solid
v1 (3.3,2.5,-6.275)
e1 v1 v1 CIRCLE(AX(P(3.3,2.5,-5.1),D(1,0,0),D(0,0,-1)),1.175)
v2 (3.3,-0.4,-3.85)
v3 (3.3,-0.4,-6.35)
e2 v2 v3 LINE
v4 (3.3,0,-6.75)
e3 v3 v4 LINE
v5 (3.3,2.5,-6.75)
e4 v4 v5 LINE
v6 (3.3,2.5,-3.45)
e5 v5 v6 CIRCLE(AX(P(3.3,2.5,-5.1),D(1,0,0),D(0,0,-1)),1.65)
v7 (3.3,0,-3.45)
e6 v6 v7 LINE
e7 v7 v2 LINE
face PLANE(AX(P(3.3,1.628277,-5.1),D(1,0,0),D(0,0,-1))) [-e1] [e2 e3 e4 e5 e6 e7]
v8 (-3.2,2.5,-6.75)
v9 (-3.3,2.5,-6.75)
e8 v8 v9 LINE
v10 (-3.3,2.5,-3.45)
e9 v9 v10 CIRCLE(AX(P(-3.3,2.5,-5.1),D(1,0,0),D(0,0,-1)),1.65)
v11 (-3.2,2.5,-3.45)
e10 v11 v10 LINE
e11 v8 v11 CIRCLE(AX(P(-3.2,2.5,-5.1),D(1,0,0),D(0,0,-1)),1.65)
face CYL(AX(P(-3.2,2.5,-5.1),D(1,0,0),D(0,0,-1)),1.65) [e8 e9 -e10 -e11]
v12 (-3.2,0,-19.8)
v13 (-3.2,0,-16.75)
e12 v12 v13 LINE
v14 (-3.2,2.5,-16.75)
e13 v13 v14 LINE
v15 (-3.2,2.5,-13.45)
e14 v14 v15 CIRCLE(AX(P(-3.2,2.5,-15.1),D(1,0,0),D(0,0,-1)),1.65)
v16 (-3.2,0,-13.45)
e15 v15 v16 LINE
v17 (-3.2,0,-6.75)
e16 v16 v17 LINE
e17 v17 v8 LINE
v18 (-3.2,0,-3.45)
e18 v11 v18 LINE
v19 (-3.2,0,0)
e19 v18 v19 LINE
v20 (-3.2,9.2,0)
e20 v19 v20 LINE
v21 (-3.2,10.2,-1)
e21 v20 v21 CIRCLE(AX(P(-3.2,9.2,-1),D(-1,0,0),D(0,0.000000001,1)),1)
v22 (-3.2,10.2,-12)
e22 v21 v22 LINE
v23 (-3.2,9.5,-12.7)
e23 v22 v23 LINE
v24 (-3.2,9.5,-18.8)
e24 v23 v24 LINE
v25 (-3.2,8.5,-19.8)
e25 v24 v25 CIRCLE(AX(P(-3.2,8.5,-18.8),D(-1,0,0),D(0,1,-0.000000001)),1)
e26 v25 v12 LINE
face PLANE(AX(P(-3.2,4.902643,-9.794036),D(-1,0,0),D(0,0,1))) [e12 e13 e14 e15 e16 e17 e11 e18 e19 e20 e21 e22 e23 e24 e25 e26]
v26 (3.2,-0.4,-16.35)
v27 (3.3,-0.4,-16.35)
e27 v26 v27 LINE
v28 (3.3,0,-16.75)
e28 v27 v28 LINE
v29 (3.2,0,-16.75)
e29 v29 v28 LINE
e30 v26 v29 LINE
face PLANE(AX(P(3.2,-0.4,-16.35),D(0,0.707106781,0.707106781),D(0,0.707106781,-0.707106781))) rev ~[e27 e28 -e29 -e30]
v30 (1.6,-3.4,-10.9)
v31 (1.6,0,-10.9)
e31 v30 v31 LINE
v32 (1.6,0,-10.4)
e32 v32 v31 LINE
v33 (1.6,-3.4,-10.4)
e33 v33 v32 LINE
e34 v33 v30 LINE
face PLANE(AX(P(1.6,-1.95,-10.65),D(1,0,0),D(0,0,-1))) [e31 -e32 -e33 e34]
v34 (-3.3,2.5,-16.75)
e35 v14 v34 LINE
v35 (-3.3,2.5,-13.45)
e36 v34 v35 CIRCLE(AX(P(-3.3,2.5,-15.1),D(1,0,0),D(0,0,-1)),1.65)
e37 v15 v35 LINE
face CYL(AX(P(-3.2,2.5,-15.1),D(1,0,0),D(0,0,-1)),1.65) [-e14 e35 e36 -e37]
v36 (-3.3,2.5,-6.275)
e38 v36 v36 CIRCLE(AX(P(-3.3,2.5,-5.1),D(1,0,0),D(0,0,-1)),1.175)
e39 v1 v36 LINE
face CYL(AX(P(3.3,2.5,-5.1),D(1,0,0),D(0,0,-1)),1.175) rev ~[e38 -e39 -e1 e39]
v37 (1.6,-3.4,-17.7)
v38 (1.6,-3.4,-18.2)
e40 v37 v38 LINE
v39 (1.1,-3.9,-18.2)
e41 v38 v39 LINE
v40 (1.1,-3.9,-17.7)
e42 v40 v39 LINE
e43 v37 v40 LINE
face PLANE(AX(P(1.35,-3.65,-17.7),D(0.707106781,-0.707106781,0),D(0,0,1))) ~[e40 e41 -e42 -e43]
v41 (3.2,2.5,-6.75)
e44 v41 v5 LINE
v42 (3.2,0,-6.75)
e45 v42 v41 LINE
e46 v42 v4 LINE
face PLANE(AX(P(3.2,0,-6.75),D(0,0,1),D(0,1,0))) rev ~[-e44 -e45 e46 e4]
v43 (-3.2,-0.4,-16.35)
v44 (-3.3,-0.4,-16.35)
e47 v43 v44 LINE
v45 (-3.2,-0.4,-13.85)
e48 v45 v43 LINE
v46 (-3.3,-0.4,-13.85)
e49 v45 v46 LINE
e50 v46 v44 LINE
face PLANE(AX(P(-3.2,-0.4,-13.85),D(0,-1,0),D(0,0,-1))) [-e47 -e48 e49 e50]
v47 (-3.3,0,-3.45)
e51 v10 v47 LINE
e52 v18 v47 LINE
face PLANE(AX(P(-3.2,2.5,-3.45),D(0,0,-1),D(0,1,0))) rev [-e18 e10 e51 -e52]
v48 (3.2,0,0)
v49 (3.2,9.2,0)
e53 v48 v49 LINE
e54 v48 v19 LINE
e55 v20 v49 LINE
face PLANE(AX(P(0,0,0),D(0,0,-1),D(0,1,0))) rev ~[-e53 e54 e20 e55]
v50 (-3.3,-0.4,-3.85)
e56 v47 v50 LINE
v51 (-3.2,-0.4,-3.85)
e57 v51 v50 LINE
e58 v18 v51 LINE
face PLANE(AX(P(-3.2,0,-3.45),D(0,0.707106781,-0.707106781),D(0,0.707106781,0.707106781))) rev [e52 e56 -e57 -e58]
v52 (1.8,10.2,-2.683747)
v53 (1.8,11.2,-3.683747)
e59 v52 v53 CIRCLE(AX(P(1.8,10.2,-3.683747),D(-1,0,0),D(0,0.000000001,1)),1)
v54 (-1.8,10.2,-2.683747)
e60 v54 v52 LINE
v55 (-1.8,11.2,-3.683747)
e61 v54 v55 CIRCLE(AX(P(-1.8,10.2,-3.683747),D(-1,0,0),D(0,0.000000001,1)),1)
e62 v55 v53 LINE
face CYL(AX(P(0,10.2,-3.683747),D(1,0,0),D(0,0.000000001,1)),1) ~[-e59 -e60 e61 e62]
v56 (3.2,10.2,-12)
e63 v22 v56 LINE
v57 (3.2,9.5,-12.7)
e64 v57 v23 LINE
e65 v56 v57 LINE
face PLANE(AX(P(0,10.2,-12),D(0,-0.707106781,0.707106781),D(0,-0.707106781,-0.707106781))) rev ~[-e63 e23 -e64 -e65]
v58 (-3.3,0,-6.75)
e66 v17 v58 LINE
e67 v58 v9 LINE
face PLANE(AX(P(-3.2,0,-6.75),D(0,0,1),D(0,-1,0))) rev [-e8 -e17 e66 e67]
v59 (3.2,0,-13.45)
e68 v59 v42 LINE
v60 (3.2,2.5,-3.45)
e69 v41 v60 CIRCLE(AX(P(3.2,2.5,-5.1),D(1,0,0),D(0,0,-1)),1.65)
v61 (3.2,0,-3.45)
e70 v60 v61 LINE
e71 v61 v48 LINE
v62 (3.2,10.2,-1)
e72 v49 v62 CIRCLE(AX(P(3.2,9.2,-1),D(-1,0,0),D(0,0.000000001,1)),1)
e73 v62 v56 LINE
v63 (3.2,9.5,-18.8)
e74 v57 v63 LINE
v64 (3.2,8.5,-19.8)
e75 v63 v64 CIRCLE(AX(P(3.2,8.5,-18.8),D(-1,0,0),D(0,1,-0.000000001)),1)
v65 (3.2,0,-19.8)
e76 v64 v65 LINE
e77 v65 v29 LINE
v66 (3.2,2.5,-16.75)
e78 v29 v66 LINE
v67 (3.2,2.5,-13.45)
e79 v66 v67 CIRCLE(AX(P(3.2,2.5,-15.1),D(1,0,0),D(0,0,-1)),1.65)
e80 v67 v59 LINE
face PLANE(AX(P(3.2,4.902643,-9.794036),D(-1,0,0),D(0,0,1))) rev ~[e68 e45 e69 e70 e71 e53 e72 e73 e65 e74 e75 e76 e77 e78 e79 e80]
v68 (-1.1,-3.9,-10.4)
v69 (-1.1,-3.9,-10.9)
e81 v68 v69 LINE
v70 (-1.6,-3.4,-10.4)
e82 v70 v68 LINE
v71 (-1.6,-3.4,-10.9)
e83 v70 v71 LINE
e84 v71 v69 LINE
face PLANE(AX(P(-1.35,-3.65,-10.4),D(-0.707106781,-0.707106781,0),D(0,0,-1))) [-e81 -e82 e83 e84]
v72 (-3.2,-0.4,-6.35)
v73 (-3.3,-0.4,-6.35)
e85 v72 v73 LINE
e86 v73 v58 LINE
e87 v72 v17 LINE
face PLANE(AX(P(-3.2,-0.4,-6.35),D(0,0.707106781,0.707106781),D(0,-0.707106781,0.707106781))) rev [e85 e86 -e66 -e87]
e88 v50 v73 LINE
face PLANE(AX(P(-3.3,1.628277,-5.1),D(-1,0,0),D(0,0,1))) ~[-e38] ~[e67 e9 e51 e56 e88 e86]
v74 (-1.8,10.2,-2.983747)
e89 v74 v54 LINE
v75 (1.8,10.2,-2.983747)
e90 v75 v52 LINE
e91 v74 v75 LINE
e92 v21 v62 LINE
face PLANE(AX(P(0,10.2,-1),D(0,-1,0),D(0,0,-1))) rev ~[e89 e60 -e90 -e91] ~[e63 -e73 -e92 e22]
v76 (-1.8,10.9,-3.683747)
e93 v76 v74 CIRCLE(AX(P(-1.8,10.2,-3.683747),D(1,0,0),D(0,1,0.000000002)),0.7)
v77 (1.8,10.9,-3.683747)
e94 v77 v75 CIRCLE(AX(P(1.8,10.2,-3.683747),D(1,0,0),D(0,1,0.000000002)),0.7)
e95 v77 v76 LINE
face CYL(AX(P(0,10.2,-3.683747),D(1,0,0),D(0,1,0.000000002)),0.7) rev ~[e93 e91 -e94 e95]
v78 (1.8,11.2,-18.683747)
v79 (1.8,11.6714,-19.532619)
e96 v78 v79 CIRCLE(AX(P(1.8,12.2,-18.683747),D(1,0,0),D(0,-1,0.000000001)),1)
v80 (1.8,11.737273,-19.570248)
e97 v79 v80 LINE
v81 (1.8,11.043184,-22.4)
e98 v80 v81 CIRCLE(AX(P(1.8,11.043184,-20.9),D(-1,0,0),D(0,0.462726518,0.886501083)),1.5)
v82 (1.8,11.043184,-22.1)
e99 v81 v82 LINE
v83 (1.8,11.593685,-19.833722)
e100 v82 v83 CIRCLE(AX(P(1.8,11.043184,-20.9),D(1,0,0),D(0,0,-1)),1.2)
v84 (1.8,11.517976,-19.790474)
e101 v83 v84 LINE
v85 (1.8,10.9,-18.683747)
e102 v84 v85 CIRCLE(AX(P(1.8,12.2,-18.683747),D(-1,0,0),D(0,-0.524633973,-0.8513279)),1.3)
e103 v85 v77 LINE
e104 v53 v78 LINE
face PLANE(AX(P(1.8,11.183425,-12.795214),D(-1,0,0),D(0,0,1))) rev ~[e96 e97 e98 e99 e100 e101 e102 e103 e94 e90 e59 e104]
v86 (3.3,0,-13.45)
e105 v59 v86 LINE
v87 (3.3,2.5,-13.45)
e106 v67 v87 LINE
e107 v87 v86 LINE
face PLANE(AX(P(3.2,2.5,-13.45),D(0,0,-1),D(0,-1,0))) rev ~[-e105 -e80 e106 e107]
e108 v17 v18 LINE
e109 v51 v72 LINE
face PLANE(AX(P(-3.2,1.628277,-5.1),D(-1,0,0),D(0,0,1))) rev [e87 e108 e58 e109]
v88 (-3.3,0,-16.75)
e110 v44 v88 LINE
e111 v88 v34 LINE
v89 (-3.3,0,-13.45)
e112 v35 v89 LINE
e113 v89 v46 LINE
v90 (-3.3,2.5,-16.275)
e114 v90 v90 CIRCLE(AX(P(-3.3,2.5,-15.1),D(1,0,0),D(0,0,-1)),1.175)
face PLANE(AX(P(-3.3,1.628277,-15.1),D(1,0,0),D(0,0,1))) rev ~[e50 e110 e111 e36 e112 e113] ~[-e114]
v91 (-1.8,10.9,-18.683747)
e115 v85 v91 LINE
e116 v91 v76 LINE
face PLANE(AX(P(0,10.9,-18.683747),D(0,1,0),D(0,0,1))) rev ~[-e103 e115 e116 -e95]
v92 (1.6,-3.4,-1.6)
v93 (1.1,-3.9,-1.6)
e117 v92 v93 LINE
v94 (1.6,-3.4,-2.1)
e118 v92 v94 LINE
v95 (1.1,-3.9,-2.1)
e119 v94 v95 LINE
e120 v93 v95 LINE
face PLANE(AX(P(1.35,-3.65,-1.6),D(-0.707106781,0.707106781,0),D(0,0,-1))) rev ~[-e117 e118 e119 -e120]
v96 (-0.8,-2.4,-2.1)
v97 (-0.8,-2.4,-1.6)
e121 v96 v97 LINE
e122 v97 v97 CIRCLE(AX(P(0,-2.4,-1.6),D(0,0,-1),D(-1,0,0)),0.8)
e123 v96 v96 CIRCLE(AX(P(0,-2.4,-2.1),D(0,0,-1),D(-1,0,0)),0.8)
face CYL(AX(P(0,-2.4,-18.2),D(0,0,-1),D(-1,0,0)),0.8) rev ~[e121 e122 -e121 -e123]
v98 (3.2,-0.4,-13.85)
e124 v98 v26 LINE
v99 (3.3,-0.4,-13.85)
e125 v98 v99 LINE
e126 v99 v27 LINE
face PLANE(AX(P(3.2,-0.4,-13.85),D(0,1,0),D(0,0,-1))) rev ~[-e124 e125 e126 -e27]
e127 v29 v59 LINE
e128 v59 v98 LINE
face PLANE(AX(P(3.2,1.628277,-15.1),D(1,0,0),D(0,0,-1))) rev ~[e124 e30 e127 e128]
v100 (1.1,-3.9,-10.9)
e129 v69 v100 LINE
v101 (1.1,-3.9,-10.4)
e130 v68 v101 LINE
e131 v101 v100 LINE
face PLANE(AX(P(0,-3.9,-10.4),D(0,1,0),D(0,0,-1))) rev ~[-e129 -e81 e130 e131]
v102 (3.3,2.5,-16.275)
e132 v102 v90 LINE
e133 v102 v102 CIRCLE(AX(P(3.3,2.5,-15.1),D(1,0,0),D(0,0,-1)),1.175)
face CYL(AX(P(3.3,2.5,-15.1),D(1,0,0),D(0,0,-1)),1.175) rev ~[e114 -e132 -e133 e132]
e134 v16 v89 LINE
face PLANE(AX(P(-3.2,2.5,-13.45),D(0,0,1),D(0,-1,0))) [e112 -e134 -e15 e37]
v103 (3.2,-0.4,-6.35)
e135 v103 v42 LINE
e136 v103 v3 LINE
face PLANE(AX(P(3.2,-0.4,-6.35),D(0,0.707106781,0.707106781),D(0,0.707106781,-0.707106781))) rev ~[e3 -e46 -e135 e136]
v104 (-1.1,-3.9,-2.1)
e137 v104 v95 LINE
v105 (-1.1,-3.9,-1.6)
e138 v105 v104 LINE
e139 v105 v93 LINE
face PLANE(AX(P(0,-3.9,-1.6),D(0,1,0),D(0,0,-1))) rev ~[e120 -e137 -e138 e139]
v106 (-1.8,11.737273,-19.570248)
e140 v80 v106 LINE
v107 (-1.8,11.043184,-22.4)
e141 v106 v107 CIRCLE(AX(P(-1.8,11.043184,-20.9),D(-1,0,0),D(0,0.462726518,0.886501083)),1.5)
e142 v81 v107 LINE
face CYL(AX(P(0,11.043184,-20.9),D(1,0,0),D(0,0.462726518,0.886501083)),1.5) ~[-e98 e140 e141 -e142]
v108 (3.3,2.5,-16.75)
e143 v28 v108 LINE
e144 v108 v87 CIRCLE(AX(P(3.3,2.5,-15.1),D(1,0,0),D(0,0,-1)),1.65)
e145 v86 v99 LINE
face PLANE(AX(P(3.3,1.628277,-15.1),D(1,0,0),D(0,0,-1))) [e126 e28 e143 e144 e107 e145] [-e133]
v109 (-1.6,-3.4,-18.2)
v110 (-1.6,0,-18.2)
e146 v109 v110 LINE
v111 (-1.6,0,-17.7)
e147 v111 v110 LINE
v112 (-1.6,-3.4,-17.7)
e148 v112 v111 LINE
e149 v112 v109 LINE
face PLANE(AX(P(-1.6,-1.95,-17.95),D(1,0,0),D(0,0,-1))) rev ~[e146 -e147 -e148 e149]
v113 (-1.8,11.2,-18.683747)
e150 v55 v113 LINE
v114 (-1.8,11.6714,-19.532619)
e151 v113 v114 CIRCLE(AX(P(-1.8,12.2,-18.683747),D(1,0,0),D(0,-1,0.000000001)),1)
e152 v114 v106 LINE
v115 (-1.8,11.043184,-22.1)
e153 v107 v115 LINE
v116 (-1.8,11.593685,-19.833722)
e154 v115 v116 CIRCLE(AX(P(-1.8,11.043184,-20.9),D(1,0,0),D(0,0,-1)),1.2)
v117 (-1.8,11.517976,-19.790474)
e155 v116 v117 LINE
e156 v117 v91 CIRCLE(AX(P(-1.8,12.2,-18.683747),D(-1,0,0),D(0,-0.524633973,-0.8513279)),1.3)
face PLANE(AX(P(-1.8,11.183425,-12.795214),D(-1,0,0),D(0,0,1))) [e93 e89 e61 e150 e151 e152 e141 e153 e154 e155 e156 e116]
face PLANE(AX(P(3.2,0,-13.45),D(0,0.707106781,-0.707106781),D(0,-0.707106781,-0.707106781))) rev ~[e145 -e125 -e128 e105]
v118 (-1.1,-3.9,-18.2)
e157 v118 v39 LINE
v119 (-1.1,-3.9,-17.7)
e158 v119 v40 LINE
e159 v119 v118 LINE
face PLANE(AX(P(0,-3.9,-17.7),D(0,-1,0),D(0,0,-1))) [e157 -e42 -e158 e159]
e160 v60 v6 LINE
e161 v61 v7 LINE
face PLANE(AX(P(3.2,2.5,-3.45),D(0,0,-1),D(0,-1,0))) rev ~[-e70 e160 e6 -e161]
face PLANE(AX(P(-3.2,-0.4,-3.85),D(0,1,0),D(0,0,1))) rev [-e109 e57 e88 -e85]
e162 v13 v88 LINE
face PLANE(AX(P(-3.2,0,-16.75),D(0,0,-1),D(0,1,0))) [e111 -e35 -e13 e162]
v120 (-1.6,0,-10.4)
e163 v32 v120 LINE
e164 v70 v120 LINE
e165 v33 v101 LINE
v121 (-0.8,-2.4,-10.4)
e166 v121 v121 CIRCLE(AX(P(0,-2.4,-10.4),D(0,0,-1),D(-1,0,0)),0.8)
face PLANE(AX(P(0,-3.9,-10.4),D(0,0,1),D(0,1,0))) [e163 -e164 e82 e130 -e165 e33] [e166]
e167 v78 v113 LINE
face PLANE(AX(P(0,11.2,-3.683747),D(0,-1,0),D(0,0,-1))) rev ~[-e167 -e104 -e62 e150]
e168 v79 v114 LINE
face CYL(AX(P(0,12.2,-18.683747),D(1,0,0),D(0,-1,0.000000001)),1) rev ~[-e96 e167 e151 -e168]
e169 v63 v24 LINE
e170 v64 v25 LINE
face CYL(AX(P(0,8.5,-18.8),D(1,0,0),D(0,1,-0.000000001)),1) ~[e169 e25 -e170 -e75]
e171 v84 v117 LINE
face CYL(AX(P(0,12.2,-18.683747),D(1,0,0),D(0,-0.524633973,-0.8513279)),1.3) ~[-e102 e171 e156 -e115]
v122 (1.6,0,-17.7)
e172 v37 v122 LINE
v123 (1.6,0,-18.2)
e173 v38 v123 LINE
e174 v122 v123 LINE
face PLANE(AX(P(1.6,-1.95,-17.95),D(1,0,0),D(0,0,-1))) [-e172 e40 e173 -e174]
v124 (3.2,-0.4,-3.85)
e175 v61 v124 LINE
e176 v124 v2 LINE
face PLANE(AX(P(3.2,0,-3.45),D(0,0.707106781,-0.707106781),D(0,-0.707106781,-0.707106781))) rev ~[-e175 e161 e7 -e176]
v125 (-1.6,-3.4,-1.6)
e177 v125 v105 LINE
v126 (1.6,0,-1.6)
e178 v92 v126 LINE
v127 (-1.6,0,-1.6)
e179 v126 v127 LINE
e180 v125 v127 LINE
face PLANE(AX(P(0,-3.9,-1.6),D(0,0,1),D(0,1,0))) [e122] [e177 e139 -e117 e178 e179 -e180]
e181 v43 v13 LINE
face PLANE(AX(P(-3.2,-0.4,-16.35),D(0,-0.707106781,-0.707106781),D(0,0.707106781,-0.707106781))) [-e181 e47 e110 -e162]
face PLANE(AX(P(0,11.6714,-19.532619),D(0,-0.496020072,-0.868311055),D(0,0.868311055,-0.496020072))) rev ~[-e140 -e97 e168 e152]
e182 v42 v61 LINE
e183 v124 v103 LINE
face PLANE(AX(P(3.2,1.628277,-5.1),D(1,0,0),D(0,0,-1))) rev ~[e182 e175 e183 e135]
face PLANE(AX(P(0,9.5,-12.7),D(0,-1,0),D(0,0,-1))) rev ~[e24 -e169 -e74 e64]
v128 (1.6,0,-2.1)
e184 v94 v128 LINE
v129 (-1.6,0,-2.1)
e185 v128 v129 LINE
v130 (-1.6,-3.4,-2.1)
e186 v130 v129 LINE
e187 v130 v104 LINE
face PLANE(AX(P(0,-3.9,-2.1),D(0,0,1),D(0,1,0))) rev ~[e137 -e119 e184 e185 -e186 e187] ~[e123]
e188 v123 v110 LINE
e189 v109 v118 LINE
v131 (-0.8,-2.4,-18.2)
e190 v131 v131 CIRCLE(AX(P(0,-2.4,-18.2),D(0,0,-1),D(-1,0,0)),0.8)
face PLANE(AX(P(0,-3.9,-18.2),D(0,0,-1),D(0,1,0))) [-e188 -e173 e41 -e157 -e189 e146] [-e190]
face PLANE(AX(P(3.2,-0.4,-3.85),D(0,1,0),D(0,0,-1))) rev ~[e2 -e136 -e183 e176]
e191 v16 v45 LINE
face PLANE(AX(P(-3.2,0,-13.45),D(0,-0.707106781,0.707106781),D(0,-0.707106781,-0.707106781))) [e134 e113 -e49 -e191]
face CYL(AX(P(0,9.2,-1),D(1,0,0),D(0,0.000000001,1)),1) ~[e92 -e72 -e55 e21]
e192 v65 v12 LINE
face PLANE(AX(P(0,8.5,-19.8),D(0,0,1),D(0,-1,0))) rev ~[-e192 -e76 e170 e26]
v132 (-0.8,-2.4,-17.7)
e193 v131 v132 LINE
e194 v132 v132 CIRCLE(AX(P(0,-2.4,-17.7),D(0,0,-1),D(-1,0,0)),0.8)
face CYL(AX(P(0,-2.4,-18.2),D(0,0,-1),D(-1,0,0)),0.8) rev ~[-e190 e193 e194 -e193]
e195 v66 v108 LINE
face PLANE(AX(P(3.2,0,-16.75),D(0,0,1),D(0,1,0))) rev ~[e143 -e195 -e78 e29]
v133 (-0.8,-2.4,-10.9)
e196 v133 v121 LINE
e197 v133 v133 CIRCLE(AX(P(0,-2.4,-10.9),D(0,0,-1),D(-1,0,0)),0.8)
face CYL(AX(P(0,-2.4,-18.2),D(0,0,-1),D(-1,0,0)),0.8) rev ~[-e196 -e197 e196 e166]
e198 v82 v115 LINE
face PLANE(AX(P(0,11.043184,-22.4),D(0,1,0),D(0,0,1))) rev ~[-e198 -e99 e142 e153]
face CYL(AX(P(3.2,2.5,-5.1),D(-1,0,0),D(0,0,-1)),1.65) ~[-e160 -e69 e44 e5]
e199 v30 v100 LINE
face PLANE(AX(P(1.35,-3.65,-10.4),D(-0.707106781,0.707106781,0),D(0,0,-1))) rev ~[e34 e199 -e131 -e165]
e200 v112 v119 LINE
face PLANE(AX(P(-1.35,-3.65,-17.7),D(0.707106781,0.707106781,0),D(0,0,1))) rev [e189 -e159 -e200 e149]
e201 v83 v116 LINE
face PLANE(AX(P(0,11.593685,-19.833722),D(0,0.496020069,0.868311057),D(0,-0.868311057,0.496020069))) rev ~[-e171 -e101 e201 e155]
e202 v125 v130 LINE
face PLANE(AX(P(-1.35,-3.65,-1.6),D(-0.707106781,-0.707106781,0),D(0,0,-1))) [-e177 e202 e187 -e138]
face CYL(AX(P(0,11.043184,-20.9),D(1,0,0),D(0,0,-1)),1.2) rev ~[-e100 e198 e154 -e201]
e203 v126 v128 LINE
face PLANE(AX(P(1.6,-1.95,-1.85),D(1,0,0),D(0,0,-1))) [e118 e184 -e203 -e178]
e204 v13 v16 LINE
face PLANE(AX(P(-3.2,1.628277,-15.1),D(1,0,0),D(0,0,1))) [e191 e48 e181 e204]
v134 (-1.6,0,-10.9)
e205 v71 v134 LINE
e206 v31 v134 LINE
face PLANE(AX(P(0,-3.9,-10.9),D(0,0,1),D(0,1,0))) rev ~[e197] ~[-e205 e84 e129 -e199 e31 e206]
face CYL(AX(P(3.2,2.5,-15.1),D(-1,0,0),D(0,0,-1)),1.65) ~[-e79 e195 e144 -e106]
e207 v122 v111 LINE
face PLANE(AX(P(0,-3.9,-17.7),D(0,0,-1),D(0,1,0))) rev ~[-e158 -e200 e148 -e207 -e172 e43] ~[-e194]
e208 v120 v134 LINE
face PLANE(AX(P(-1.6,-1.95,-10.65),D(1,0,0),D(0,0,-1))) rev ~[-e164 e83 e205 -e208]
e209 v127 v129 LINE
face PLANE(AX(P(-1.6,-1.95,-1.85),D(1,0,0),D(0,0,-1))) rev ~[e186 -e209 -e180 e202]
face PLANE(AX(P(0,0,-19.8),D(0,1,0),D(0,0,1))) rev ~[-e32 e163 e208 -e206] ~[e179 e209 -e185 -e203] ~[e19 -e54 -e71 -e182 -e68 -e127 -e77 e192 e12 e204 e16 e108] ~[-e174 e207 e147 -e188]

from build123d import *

# Parameters (mm, degrees)
EXTRUDE_1_DEPTH        = 3.2
SKETCH_3_W             = 0.5
SKETCH_3_H             = 3.9
EXTRUDE_3_DEPTH        = 1.6
CHAMFER_1_SIZE         = 0.5
SKETCH_4_R             = 0.8
CUT_EXTRUDE_1_DEPTH    = 22.107344693
EXTRUDE_4_DEPTH        = 0.1
PATTERN_LINEAR_1_COUNT = 2
PATTERN_LINEAR_1_PITCH = 10
MIRROR_1_COPY_1_DEPTH  = 0.1
SKETCH_6_R             = 1.175
CUT_EXTRUDE_2_DEPTH    = 24.230152819
EXTRUDE_2_DEPTH        = 1.8


with BuildPart() as part:
    # ｽｹｯﾁ1 → ﾎﾞｽ - 押し出し1 (new, symmetric)
    with BuildSketch(Plane(origin=(0, 0, 0), x_dir=(0, 0, -1), z_dir=(1, 0, 0))):
        with BuildLine():
            Line((12, 10.2), (12.7, 9.5))
            Line((12.7, 9.5), (18.8, 9.5))
            ThreePointArc((18.8, 9.5), (19.507106781, 9.207106781), (19.8, 8.5))
            Line((19.8, 8.5), (19.8, 0))
            Line((19.8, 0), (0, 0))
            Line((0, 0), (0, 9.2))
            ThreePointArc((0, 9.2), (0.292893219, 9.907106781), (1, 10.2))
            Line((1, 10.2), (12, 10.2))
        make_face()
    extrude(amount=EXTRUDE_1_DEPTH, both=True)

    # ｽｹｯﾁ3 → ﾎﾞｽ - 押し出し3 (add, symmetric)
    with BuildSketch(Plane(origin=(0, 0, 0), x_dir=(0, 0, -1), z_dir=(1, 0, 0))):
        with Locations((1.85, -1.95)):
            Rectangle(SKETCH_3_W, SKETCH_3_H)
        with Locations((10.65, -1.95)):
            Rectangle(SKETCH_3_W, SKETCH_3_H)
        with Locations((17.95, -1.95)):
            Rectangle(SKETCH_3_W, SKETCH_3_H)
    extrude(amount=EXTRUDE_3_DEPTH, both=True)

    # 面取り1
    chamfer_1_edges = [part.edges().sort_by_distance(p)[0] for p in [
        (-1.6, -3.9, -1.85),
        (1.6, -3.9, -1.85),
        (-1.6, -3.9, -10.65),
        (1.6, -3.9, -10.65),
        (-1.6, -3.9, -17.95),
        (1.6, -3.9, -17.95),
    ]]
    chamfer(chamfer_1_edges, length=CHAMFER_1_SIZE)

    # ｽｹｯﾁ4 → ｶｯﾄ - 押し出し1 (cut, through all)
    with BuildSketch(Plane(origin=(0, 0, -18.2), x_dir=(-1, 0, 0), z_dir=(0, 0, -1))):
        with Locations((0, -2.4)):
            Circle(SKETCH_4_R)
    extrude(amount=-CUT_EXTRUDE_1_DEPTH, mode=Mode.SUBTRACT)

    # ｽｹｯﾁ5 → ﾎﾞｽ - 押し出し4 (add)
    with BuildSketch(Plane(origin=(3.2, 0, 0), x_dir=(0, 0, -1), z_dir=(1, 0, 0))):
        with BuildLine():
            Line((3.45, 2.5), (3.45, 0))
            Line((3.45, 0), (3.85, -0.4))
            Line((3.85, -0.4), (6.35, -0.4))
            Line((6.35, -0.4), (6.75, 0))
            Line((6.75, 0), (6.75, 2.5))
            ThreePointArc((6.75, 2.5), (5.1, 4.15), (3.45, 2.5))
        make_face()
    extrude_4 = extrude(amount=EXTRUDE_4_DEPTH)

    # 直線ﾊﾟﾀｰﾝ1: ﾎﾞｽ - 押し出し4 ×2
    with Locations(*[(0, 0, -i * PATTERN_LINEAR_1_PITCH) for i in range(1, PATTERN_LINEAR_1_COUNT)]):
        add(extrude_4)

    # ﾐﾗｰ1: ﾎﾞｽ - 押し出し4 across plane
    add(extrude_4.mirror(Plane(origin=(0, 0, 0), x_dir=(0, 0, 1), z_dir=(1, 0, 0))))

    # ﾐﾗｰ1 copy 1 sketch → ﾐﾗｰ1 copy 1 (add)
    with BuildSketch(Plane(origin=(-3.2, 0, -10), x_dir=(0, 0, -1), z_dir=(-1, 0, 0))):
        with BuildLine():
            Line((3.45, -2.5), (3.45, 0))
            Line((3.45, 0), (3.85, 0.4))
            Line((3.85, 0.4), (6.35, 0.4))
            Line((6.35, 0.4), (6.75, 0))
            Line((6.75, 0), (6.75, -2.5))
            ThreePointArc((6.75, -2.5), (5.1, -4.15), (3.45, -2.5))
        make_face()
    extrude(amount=MIRROR_1_COPY_1_DEPTH)

    # ｽｹｯﾁ6 → ｶｯﾄ - 押し出し2 (cut, through all)
    with BuildSketch(Plane(origin=(3.3, 0, 0), x_dir=(0, 0, -1), z_dir=(1, 0, 0))):
        with Locations((5.1, 2.5)):
            Circle(SKETCH_6_R)
        with Locations((15.1, 2.5)):
            Circle(SKETCH_6_R)
    extrude(amount=-CUT_EXTRUDE_2_DEPTH, mode=Mode.SUBTRACT)

    # ｽｹｯﾁ2 → ﾎﾞｽ - 押し出し2 (add, symmetric)
    with BuildSketch(Plane(origin=(0, 0, 0), x_dir=(0, 0, -1), z_dir=(1, 0, 0))):
        with BuildLine():
            Line((3.683747293, 11.2), (18.683747293, 11.2))
            ThreePointArc((18.683747293, 11.2), (19.1692369, 11.325757561), (19.532618528, 11.671400315))
            Line((19.532618528, 11.671400315), (19.570248376, 11.737273482))
            ThreePointArc((19.570248376, 11.737273482), (21.257332173, 12.5), (22.4, 11.043183705))
            Line((22.4, 11.043183705), (22.1, 11.043183705))
            ThreePointArc((22.1, 11.043183705), (21.183255021, 12.209274007), (19.833722345, 11.59368526))
            Line((19.833722345, 11.59368526), (19.790473564, 11.517975834))
            ThreePointArc((19.790473564, 11.517975834), (19.317532977, 11.064960041), (18.683747293, 10.9))
            Line((18.683747293, 10.9), (3.683747293, 10.9))
            ThreePointArc((3.683747293, 10.9), (3.188772547, 10.694974747), (2.983747293, 10.2))
            Line((2.983747293, 10.2), (2.683747293, 10.2))
            ThreePointArc((2.683747293, 10.2), (2.976640512, 10.907106781), (3.683747293, 11.2))
        make_face()
    extrude(amount=EXTRUDE_2_DEPTH, both=True)


solid = part.part
